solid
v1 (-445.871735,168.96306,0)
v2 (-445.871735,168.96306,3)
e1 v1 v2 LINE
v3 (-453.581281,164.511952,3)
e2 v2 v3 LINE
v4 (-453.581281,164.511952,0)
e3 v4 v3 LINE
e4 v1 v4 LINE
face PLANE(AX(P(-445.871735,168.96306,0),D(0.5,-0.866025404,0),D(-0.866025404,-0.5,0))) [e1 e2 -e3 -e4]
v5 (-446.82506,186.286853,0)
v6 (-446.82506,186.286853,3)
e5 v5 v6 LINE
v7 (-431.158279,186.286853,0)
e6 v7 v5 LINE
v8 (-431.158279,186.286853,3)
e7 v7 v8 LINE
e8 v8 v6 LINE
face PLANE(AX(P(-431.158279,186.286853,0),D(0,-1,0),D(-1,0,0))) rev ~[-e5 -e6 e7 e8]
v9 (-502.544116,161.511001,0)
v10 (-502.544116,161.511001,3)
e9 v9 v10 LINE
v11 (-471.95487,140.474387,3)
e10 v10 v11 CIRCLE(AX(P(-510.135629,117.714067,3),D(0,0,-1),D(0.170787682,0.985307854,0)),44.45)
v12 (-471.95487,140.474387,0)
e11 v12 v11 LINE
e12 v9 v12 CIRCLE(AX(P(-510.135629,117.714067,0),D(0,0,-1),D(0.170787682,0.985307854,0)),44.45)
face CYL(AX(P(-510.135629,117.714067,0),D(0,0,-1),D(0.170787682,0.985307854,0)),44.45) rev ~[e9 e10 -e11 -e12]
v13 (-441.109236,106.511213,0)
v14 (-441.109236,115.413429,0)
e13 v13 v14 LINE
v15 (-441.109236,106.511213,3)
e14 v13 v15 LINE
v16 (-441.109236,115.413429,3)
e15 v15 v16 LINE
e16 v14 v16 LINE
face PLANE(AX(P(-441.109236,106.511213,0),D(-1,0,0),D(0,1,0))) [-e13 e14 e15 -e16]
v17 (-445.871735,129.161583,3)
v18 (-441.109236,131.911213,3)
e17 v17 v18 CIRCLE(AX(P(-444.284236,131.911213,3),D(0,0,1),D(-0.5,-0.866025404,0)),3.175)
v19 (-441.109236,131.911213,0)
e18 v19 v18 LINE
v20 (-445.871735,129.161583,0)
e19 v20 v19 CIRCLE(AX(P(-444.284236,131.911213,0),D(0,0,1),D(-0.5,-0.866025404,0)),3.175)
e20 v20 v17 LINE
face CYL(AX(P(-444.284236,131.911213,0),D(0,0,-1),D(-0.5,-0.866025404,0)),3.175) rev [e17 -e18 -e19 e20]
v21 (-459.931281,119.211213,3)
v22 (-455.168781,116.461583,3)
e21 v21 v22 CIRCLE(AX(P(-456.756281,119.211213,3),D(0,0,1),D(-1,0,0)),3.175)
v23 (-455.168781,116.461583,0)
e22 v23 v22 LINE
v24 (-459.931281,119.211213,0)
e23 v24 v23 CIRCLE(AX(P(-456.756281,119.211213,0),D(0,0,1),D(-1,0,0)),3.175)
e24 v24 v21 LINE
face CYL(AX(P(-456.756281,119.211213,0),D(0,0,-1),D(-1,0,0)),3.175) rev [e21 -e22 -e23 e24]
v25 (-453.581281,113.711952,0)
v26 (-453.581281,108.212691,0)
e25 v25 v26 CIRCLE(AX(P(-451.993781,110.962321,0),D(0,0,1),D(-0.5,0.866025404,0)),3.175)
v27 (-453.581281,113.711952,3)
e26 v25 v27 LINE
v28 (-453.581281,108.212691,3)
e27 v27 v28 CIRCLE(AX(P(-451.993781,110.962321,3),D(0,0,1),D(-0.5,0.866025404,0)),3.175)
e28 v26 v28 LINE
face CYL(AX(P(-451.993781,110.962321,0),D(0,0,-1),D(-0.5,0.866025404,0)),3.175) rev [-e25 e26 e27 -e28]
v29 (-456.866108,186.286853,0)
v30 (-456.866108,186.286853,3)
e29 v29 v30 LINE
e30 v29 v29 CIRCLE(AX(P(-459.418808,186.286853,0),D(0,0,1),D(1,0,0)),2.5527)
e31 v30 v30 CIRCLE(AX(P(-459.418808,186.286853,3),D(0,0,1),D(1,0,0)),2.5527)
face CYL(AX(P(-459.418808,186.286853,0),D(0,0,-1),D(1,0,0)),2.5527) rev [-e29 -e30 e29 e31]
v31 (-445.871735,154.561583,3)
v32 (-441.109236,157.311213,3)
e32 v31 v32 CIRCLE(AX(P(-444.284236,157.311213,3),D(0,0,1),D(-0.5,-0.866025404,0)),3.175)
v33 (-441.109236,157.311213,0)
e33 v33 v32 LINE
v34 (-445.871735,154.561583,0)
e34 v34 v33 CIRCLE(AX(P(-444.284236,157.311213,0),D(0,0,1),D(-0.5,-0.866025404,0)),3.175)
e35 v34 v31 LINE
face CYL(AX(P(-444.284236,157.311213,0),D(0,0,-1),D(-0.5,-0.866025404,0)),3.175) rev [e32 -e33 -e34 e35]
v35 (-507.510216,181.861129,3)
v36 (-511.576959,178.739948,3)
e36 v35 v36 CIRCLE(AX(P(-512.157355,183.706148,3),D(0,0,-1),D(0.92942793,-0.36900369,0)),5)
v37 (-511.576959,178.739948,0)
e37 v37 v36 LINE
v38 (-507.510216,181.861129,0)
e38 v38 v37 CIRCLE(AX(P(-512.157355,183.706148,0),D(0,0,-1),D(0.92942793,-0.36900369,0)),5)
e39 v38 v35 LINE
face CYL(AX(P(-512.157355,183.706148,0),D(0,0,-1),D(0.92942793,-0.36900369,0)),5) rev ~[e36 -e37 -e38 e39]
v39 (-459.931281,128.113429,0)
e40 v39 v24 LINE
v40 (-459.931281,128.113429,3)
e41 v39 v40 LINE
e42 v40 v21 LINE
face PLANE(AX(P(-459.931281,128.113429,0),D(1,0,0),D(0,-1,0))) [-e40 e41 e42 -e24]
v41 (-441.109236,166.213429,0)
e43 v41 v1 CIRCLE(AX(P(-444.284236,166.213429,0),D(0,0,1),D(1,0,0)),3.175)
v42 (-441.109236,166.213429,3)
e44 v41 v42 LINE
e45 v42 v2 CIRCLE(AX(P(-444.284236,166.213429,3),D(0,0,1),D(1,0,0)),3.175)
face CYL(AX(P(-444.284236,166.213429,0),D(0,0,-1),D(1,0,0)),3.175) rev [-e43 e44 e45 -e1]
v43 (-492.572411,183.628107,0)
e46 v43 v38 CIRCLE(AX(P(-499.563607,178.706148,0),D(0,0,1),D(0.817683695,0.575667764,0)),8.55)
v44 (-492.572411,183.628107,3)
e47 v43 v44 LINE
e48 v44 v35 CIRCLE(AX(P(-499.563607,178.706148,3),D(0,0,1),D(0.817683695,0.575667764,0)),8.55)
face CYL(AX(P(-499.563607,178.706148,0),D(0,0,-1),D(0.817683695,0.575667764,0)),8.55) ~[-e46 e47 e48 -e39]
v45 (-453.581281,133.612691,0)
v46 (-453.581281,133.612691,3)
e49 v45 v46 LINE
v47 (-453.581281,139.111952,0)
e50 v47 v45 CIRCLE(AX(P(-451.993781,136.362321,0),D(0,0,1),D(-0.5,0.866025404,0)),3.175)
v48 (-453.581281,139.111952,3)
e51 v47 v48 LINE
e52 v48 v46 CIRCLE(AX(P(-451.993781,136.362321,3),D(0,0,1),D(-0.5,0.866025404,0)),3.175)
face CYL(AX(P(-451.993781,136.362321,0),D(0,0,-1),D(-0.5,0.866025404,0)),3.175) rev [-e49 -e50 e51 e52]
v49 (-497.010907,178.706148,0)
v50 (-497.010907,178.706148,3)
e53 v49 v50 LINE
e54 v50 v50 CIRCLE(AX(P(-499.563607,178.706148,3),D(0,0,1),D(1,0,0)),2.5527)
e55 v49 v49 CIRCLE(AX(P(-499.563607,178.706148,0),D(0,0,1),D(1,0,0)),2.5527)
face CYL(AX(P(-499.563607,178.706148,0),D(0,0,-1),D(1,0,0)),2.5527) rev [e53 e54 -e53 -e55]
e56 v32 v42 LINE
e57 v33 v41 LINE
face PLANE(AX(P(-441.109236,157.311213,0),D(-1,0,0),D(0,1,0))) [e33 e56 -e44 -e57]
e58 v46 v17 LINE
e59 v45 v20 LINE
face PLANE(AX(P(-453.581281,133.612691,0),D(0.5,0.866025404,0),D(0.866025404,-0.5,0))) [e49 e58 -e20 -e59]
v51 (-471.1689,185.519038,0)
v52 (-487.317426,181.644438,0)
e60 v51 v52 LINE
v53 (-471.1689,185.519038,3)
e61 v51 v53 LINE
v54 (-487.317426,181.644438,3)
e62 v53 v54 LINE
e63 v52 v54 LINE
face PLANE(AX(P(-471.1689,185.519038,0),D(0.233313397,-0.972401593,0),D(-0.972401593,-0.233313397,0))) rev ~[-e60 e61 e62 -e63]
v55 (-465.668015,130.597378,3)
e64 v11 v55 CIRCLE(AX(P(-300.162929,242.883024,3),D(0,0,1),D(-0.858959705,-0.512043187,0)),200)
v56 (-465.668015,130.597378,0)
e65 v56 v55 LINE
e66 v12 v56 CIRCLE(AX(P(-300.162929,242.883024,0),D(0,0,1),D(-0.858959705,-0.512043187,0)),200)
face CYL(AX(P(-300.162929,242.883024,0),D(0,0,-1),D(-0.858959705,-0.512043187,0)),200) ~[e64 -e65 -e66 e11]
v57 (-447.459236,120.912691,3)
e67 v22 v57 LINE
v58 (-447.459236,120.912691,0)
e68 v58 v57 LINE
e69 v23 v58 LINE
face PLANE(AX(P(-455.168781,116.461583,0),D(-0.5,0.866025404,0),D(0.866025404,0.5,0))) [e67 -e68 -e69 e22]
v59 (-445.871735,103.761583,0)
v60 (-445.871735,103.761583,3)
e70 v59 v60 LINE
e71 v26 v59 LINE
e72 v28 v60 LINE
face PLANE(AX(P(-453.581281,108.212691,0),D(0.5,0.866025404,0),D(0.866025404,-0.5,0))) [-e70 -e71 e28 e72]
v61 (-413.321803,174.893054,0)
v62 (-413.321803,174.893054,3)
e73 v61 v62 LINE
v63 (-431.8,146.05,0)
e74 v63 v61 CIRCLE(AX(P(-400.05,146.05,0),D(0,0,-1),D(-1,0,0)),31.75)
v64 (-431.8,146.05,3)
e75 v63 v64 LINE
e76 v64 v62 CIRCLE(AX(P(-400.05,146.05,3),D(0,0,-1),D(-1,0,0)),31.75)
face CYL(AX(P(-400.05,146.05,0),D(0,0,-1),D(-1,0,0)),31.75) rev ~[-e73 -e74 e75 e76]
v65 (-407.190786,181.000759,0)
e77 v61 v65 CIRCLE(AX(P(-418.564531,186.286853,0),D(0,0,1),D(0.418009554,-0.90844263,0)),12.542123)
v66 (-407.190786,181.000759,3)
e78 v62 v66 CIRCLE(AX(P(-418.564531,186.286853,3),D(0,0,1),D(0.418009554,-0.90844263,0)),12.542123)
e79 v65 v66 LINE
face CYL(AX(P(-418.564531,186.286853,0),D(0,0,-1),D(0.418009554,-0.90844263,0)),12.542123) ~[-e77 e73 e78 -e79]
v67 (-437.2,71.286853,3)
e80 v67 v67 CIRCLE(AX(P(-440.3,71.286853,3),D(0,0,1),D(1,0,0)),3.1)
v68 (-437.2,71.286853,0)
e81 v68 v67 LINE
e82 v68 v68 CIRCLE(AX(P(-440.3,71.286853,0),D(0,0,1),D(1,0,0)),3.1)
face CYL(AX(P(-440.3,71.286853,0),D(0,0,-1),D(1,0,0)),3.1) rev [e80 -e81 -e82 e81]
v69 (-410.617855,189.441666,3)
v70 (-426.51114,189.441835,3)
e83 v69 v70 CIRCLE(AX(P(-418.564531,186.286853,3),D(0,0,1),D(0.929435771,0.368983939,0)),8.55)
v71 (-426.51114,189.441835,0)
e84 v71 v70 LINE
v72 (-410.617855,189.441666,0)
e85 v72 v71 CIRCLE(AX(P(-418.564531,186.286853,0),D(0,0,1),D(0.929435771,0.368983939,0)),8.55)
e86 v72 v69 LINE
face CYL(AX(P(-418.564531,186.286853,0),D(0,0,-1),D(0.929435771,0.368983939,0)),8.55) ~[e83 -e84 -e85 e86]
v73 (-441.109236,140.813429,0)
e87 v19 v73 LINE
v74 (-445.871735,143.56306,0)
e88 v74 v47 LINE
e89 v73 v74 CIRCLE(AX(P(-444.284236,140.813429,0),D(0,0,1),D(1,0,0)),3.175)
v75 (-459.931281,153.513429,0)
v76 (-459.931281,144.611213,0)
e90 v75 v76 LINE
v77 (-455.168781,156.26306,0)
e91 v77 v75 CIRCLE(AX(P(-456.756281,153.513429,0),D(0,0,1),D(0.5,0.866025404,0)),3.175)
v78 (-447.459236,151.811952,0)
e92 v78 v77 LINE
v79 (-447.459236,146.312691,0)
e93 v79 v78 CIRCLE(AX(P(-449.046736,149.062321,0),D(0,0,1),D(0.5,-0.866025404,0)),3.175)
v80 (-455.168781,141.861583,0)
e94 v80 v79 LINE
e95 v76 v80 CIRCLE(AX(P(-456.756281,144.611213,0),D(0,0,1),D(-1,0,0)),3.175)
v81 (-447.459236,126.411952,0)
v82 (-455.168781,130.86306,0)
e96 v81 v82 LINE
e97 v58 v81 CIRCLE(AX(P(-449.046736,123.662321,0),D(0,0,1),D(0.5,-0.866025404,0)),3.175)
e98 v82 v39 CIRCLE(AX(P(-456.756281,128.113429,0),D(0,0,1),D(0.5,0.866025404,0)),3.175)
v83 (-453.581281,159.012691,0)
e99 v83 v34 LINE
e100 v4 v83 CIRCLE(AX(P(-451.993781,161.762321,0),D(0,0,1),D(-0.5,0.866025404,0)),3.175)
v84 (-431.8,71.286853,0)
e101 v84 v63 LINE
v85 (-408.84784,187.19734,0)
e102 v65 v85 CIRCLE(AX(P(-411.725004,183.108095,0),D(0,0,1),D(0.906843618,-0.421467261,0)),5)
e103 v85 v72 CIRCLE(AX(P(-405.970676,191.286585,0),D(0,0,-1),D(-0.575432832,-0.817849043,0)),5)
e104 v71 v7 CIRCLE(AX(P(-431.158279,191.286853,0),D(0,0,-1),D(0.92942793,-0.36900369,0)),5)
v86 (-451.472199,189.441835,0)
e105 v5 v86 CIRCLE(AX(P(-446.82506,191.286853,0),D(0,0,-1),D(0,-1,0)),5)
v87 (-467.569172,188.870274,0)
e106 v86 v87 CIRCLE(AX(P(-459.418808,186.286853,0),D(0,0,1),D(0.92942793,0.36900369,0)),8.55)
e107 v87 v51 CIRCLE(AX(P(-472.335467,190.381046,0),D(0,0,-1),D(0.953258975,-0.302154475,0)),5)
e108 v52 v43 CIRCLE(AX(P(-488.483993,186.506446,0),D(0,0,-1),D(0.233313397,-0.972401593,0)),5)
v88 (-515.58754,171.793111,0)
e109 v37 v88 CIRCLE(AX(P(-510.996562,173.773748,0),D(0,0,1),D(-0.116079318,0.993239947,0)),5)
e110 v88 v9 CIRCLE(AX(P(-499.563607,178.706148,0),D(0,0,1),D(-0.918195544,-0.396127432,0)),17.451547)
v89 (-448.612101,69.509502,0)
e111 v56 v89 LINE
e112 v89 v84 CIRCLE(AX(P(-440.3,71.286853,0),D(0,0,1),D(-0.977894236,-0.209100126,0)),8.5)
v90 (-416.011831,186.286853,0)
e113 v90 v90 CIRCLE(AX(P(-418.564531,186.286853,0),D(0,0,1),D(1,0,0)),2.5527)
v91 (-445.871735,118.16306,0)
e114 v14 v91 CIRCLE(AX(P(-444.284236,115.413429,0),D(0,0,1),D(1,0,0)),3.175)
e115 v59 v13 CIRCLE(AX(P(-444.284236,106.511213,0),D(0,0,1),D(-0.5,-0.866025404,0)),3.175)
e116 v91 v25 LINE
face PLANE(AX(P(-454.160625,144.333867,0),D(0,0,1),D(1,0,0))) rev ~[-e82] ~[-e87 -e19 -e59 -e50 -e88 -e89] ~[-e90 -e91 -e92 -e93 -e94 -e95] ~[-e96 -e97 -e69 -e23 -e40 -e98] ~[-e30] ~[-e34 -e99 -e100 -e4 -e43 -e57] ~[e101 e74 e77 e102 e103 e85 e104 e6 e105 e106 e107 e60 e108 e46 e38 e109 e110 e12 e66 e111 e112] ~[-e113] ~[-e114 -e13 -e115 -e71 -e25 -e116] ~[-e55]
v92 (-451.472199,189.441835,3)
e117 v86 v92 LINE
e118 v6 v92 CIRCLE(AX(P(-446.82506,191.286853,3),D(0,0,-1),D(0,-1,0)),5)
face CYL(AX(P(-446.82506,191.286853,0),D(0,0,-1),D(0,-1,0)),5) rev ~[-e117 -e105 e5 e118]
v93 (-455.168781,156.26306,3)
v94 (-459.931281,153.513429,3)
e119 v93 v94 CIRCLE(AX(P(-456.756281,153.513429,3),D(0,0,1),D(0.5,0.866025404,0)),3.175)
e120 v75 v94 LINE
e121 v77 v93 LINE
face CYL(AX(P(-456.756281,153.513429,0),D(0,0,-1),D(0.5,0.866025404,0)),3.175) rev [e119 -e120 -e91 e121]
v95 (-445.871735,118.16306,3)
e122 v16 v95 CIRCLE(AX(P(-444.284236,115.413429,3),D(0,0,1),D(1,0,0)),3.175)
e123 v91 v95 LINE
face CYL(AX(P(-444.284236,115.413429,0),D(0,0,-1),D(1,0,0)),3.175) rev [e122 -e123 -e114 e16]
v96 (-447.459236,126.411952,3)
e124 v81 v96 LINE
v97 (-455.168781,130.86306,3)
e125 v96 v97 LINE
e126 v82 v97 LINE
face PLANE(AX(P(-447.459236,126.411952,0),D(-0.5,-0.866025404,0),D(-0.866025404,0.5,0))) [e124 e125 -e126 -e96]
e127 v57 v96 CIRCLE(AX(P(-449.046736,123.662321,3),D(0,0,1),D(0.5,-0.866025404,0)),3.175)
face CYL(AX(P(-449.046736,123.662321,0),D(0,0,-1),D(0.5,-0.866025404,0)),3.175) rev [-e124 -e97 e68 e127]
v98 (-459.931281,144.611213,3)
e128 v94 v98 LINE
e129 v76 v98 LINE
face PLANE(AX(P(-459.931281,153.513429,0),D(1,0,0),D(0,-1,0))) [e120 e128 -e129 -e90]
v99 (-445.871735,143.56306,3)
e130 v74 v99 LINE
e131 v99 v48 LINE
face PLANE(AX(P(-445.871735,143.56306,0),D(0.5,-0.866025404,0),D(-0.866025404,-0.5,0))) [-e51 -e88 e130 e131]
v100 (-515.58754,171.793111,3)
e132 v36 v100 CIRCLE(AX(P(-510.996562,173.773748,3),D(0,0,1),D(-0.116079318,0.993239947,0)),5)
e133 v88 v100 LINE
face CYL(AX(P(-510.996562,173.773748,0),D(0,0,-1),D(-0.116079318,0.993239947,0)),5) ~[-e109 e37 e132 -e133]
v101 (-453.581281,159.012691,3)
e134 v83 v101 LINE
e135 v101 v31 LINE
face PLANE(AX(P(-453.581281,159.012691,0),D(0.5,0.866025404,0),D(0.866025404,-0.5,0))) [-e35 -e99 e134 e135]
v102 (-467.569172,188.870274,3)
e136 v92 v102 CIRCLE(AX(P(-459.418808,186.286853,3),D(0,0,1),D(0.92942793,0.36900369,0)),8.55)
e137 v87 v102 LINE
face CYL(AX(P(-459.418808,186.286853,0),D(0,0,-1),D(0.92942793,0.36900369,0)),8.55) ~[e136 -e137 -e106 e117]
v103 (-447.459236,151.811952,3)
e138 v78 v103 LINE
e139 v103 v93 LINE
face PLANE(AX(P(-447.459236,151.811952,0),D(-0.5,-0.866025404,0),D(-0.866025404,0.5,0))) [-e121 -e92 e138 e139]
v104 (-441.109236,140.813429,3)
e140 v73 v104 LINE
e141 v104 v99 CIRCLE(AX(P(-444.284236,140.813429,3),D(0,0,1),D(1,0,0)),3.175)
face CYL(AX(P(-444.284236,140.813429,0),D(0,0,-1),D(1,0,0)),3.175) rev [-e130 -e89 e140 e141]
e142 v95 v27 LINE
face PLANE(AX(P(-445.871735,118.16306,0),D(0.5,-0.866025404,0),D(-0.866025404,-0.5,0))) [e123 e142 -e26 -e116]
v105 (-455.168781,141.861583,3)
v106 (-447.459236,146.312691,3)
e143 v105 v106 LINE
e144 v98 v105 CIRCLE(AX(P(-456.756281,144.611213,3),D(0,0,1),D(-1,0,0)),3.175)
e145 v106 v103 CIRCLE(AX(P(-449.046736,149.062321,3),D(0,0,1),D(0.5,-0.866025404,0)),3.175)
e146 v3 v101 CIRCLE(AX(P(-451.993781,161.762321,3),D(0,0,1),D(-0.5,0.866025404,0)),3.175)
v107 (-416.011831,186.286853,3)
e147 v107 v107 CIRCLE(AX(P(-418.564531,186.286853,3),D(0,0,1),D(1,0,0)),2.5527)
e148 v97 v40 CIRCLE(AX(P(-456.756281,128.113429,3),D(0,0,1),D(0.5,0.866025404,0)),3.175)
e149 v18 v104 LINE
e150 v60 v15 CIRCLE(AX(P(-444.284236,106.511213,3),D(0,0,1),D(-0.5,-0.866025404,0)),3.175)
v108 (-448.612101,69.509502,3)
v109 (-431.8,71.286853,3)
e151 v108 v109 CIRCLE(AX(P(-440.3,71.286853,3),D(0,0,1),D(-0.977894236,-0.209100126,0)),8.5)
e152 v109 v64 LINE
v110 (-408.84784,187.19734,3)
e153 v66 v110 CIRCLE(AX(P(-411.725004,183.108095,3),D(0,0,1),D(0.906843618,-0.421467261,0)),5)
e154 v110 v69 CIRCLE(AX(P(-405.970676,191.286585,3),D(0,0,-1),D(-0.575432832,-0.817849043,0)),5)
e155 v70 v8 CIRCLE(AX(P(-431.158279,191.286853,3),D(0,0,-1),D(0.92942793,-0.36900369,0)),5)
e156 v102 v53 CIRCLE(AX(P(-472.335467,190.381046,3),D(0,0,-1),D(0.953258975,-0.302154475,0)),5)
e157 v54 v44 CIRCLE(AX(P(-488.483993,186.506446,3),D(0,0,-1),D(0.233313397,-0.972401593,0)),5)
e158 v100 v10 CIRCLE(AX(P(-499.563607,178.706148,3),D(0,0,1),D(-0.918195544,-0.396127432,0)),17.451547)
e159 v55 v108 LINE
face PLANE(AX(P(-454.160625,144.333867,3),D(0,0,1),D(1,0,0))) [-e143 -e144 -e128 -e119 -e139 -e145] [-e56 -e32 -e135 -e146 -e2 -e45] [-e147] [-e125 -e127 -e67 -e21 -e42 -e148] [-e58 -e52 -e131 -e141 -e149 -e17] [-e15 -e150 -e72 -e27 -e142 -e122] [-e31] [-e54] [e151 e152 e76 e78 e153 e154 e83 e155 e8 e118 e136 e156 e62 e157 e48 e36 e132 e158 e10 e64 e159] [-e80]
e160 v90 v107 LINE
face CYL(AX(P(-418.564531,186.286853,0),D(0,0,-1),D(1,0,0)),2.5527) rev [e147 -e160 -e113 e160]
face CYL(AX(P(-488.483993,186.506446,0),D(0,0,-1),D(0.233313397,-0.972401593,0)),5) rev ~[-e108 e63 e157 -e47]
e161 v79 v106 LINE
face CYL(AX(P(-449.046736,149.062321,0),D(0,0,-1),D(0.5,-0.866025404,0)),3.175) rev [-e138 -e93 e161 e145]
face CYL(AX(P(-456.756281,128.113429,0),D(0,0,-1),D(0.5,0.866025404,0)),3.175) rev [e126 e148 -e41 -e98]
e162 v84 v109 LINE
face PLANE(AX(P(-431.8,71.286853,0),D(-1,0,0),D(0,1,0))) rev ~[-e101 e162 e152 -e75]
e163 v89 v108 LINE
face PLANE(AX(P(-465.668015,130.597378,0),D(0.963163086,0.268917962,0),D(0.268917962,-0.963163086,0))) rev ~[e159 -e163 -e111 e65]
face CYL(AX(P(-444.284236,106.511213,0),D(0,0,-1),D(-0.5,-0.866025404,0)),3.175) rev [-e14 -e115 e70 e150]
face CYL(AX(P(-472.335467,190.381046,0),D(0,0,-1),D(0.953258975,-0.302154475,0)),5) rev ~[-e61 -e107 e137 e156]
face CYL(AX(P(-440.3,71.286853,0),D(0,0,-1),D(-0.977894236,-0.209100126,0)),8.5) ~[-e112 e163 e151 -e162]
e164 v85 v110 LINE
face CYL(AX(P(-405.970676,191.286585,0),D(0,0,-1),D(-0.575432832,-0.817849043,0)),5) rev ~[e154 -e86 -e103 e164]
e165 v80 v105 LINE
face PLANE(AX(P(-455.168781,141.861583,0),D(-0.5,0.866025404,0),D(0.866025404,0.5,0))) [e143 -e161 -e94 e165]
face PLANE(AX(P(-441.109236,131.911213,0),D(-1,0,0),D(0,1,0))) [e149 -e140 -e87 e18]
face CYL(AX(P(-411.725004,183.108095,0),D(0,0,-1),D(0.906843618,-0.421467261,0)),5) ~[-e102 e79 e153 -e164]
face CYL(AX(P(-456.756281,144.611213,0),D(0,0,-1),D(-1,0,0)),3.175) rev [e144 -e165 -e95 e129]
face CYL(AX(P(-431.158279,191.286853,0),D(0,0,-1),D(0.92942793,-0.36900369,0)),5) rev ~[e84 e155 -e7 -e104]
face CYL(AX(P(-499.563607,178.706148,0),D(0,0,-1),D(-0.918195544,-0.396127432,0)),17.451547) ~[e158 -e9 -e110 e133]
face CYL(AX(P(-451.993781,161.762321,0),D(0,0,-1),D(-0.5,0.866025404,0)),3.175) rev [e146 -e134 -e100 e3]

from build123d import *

# Parameters (mm, degrees)
SKETCH_1_R      = 2.5527
SKETCH_1_R_2    = 3.1
EXTRUDE_1_DEPTH = 3


with BuildPart() as part:
    # 草图1 → 凸台-拉伸1 (new body)
    with BuildSketch(Plane.XY):
        with BuildLine():
            Line((-431.8, 71.28685299), (-431.8, 146.05))
            ThreePointArc((-431.8, 146.05), (-426.7842688, 163.177211441), (-413.321803354, 174.893053509))
            ThreePointArc((-413.321803354, 174.893053509), (-409.712819047, 177.401355972), (-407.190786251, 181.000758638))
            ThreePointArc((-407.190786251, 181.000758638), (-406.894729782, 184.399778985), (-408.847840186, 187.197340155))
            ThreePointArc((-408.847840186, 187.197340155), (-409.896638803, 188.190326933), (-410.617854885, 189.441665672))
            ThreePointArc((-410.617854885, 189.441665672), (-418.564439883, 194.83685299), (-426.511139528, 189.44183454))
            ThreePointArc((-426.511139528, 189.44183454), (-428.349818055, 187.150121657), (-431.158279177, 186.28685299))
            Line((-431.158279177, 186.28685299), (-446.825059534, 186.28685299))
            ThreePointArc((-446.825059534, 186.28685299), (-449.633520657, 187.150121657), (-451.472199184, 189.44183454))
            ThreePointArc((-451.472199184, 189.44183454), (-459.722204594, 194.831468283), (-467.569172219, 188.870273751))
            ThreePointArc((-467.569172219, 188.870273751), (-468.928502541, 186.721457004), (-471.168900107, 185.519038159))
            Line((-471.168900107, 185.519038159), (-487.317425816, 181.644437971))
            ThreePointArc((-487.317425816, 181.644437971), (-490.249790032, 181.828630192), (-492.572411279, 183.628107117))
            ThreePointArc((-492.572411279, 183.628107117), (-500.567975463, 187.196951214), (-507.510215673, 181.861129284))
            ThreePointArc((-507.510215673, 181.861129284), (-509.113143283, 179.739691752), (-511.576958731, 178.739948001))
            ThreePointArc((-511.576958731, 178.739948001), (-515.326736937, 176.273665509), (-515.587539859, 171.793111105))
            ThreePointArc((-515.587539859, 171.793111105), (-510.367432741, 165.000898725), (-502.544116189, 161.511001094))
            ThreePointArc((-502.544116189, 161.511001094), (-484.948131906, 154.339092671), (-471.954869788, 140.474386658))
            ThreePointArc((-471.954869788, 140.474386658), (-468.883733752, 135.489867956), (-465.668015362, 130.59737795))
            Line((-465.668015362, 130.59737795), (-448.612101008, 69.509501917))
            ThreePointArc((-448.612101008, 69.509501917), (-439.40637216, 62.833958262), (-431.8, 71.28685299))
        make_face()
        with Locations((-459.418807983, 186.28685299)):
            Circle(SKETCH_1_R, mode=Mode.SUBTRACT)
        with Locations((-418.564530728, 186.28685299)):
            Circle(SKETCH_1_R, mode=Mode.SUBTRACT)
        with Locations((-499.563606874, 178.706147734)):
            Circle(SKETCH_1_R, mode=Mode.SUBTRACT)
        with Locations((-440.3, 71.28685299)):
            Circle(SKETCH_1_R_2, mode=Mode.SUBTRACT)
        with BuildLine():
            Line((-441.1092355, 106.511213318), (-441.1092355, 115.413429376))
            ThreePointArc((-441.1092355, 115.413429376), (-442.6967355, 118.163060033), (-445.8717355, 118.163060033))
            Line((-445.8717355, 118.163060033), (-453.581280756, 113.711952004))
            ThreePointArc((-453.581280756, 113.711952004), (-455.168780756, 110.962321347), (-453.581280756, 108.21269069))
            Line((-453.581280756, 108.21269069), (-445.8717355, 103.761582661))
            ThreePointArc((-445.8717355, 103.761582661), (-442.6967355, 103.761582661), (-441.1092355, 106.511213318))
        make_face(mode=Mode.SUBTRACT)
        with BuildLine():
            Line((-455.168781337, 116.461582661), (-447.459236081, 120.91269069))
            ThreePointArc((-447.459236081, 120.91269069), (-445.871736081, 123.662321347), (-447.459236081, 126.411952004))
            Line((-447.459236081, 126.411952004), (-455.168781337, 130.863060033))
            ThreePointArc((-455.168781337, 130.863060033), (-458.343781337, 130.863060033), (-459.931281337, 128.113429376))
            Line((-459.931281337, 128.113429376), (-459.931281337, 119.211213318))
            ThreePointArc((-459.931281337, 119.211213318), (-458.343781337, 116.461582661), (-455.168781337, 116.461582661))
        make_face(mode=Mode.SUBTRACT)
        with BuildLine():
            Line((-441.1092355, 157.311213318), (-441.1092355, 166.213429376))
            ThreePointArc((-441.1092355, 166.213429376), (-442.6967355, 168.963060033), (-445.8717355, 168.963060033))
            Line((-445.8717355, 168.963060033), (-453.581280756, 164.511952004))
            ThreePointArc((-453.581280756, 164.511952004), (-455.168780756, 161.762321347), (-453.581280756, 159.01269069))
            Line((-453.581280756, 159.01269069), (-445.8717355, 154.561582661))
            ThreePointArc((-445.8717355, 154.561582661), (-442.6967355, 154.561582661), (-441.1092355, 157.311213318))
        make_face(mode=Mode.SUBTRACT)
        with BuildLine():
            Line((-441.1092355, 131.911213318), (-441.1092355, 140.813429376))
            ThreePointArc((-441.1092355, 140.813429376), (-442.6967355, 143.563060033), (-445.8717355, 143.563060033))
            Line((-445.8717355, 143.563060033), (-453.581280756, 139.111952004))
            ThreePointArc((-453.581280756, 139.111952004), (-455.168780756, 136.362321347), (-453.581280756, 133.61269069))
            Line((-453.581280756, 133.61269069), (-445.8717355, 129.161582661))
            ThreePointArc((-445.8717355, 129.161582661), (-442.6967355, 129.161582661), (-441.1092355, 131.911213318))
        make_face(mode=Mode.SUBTRACT)
        with BuildLine():
            Line((-455.168781337, 141.861582661), (-447.459236081, 146.31269069))
            ThreePointArc((-447.459236081, 146.31269069), (-445.871736081, 149.062321347), (-447.459236081, 151.811952004))
            Line((-447.459236081, 151.811952004), (-455.168781337, 156.263060033))
            ThreePointArc((-455.168781337, 156.263060033), (-458.343781337, 156.263060033), (-459.931281337, 153.513429376))
            Line((-459.931281337, 153.513429376), (-459.931281337, 144.611213318))
            ThreePointArc((-459.931281337, 144.611213318), (-458.343781337, 141.861582661), (-455.168781337, 141.861582661))
        make_face(mode=Mode.SUBTRACT)
    extrude(amount=EXTRUDE_1_DEPTH)


solid = part.part
